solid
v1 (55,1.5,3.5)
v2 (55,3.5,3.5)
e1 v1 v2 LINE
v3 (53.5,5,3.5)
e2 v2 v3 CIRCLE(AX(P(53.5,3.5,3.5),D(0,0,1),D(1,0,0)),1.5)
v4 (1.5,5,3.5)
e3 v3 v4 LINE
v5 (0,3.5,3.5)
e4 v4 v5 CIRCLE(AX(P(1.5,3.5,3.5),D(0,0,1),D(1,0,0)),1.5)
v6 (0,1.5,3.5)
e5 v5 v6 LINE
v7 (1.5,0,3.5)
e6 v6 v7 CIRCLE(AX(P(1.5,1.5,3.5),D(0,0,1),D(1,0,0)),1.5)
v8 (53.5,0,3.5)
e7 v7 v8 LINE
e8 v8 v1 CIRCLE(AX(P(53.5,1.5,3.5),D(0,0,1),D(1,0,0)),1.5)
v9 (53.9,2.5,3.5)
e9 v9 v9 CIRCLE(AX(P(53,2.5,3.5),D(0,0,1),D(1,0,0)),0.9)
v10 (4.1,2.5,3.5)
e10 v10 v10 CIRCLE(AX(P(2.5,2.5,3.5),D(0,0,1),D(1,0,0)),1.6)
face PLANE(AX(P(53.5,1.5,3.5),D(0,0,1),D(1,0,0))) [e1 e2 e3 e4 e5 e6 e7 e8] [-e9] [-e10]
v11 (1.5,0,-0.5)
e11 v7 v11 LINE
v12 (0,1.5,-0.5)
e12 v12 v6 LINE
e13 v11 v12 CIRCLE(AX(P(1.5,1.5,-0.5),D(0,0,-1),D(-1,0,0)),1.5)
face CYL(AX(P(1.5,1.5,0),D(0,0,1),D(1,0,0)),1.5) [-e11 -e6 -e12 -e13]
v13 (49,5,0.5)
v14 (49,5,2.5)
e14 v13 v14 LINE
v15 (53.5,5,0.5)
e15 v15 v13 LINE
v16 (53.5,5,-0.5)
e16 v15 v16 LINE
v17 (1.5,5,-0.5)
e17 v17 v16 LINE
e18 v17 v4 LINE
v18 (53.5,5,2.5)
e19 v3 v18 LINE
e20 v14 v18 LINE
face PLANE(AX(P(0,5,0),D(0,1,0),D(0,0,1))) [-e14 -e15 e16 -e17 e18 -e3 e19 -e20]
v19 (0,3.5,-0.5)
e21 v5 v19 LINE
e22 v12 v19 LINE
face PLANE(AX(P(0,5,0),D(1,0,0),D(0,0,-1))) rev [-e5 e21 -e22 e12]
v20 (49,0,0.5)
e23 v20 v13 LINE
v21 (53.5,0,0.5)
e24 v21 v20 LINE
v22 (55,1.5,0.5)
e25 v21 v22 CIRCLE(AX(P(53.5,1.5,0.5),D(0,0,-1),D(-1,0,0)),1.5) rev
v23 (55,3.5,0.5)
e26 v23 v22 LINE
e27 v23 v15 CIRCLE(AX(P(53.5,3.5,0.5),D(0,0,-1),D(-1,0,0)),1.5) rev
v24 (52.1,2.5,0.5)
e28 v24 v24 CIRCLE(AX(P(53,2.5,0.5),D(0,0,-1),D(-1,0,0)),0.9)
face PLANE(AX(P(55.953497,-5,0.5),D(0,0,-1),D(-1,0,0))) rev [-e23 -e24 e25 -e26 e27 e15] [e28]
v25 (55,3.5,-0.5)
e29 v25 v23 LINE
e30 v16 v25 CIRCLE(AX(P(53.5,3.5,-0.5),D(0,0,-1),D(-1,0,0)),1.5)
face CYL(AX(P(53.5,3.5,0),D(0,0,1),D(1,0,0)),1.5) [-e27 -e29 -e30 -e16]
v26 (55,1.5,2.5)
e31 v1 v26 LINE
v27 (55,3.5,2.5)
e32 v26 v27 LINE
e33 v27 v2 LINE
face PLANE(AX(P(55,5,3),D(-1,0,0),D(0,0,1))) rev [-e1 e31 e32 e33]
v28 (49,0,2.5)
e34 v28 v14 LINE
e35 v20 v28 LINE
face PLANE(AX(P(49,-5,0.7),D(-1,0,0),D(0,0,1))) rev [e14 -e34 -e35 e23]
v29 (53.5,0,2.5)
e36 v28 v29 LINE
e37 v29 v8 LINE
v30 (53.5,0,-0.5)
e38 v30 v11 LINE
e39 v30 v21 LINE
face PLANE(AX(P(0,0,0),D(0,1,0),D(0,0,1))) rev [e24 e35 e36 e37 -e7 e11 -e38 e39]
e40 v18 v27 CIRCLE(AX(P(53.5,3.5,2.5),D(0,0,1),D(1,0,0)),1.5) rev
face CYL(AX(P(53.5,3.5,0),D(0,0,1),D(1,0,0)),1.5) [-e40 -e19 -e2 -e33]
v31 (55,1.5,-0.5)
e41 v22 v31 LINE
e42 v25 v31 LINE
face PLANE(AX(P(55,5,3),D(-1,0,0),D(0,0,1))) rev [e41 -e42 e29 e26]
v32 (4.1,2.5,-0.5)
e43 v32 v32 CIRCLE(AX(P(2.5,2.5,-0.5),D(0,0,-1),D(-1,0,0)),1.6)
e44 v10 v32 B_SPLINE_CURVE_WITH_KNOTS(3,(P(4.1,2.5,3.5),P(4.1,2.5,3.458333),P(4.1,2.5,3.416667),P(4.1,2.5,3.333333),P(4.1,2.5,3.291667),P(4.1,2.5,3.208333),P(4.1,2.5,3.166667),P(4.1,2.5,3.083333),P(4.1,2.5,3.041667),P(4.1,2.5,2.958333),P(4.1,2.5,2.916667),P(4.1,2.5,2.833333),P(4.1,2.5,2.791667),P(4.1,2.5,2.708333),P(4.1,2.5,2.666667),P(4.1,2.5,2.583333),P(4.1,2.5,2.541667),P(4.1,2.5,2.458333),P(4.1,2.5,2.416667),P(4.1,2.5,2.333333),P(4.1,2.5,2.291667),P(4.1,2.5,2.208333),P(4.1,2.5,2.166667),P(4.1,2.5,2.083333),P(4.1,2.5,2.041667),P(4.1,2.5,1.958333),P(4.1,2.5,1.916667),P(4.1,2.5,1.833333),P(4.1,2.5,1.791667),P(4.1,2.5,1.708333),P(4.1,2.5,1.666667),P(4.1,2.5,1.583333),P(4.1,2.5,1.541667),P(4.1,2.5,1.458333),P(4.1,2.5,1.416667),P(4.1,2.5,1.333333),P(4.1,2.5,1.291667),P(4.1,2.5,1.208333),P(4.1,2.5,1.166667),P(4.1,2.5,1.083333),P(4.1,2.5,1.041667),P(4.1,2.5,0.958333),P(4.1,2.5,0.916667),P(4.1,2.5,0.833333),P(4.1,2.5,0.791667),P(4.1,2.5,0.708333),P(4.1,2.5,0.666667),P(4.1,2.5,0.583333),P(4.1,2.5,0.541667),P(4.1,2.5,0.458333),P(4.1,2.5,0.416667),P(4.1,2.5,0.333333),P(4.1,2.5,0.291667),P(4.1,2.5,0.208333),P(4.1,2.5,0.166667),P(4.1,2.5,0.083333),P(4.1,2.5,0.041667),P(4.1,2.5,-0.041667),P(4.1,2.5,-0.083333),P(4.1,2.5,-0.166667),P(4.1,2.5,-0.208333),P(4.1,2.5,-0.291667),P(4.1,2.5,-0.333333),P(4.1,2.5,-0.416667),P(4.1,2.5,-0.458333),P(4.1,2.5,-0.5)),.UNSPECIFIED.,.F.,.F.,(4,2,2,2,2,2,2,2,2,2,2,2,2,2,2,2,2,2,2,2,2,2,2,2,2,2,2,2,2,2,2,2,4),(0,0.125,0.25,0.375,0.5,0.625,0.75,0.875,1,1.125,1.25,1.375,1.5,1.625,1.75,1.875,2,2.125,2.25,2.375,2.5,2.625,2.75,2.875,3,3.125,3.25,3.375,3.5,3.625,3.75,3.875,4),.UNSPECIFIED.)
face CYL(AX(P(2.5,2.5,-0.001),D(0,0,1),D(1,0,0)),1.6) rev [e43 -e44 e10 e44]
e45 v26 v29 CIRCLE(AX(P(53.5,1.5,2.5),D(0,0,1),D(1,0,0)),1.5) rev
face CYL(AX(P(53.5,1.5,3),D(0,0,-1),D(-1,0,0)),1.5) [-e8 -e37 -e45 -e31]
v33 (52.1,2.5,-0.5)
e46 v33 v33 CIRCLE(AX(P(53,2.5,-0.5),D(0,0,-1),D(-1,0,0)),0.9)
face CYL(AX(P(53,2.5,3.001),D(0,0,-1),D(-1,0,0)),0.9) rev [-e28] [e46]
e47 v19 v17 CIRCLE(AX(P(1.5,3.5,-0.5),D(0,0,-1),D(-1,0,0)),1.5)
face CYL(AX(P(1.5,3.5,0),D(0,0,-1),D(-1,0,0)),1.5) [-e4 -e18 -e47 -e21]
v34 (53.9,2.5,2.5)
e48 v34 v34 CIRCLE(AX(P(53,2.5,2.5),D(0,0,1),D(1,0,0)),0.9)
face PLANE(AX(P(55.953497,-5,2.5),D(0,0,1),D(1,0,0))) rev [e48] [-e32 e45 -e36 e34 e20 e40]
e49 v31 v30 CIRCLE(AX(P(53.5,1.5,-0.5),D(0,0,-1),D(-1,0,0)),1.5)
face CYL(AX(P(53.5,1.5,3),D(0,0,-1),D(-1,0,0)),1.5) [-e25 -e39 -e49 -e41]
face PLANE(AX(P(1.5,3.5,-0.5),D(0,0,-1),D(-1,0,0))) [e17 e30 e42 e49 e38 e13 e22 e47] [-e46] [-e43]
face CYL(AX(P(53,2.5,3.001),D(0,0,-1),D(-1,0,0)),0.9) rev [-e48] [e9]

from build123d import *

# Parameters (mm, degrees)
SKETCH_5_W          = 55
SKETCH_5_H          = 3
EXTRUDE_1_DEPTH     = 5
CUT_EXTRUDE_1_REACH = 57.308
SKETCH_6_R          = 1.6
CUT_EXTRUDE_2_REACH = 57.308
SKETCH_7_R          = 0.9
FILLET_1_R          = 1.5
SKETCH_8_W          = 6
SKETCH_8_H          = 1.6
CUT_EXTRUDE_3_DEPTH = 10
SKETCH_10_R         = 1.6
SKETCH_10_R_2       = 0.9
EXTRUDE_2_DEPTH     = 0.5
EXTRUDE_START       = 0.5
SKETCH_11_R         = 0.9
SKETCH_11_R_2       = 1.6
EXTRUDE_3_DEPTH     = 0.5
SKETCH_12_W         = 6.953496512
SKETCH_12_H         = 2
CUT_EXTRUDE_4_DEPTH = 10


with BuildPart() as part:
    # 草图5 → 凸台-拉伸1 (new body)
    with BuildSketch(Plane(origin=(0, 0, 0), x_dir=(1, 0, 0), z_dir=(0, 1, 0))):
        with Locations((27.5, -1.5)):
            Rectangle(SKETCH_5_W, SKETCH_5_H)
    extrude(amount=EXTRUDE_1_DEPTH)

    # 草图6 → 切除-拉伸1 (cut, up to next)
    with BuildSketch(Plane.XY.offset(3), mode=Mode.PRIVATE) as cut_extrude_1_sk1:
        with Locations((2.5, 2.5)):
            Circle(SKETCH_6_R)
    cut_extrude_1_tool1 = extrude(cut_extrude_1_sk1.sketch, amount=-CUT_EXTRUDE_1_REACH, mode=Mode.PRIVATE) & part.part
    add(cut_extrude_1_tool1.solids().sort_by_distance((2.5, 2.5, 3))[0], mode=Mode.SUBTRACT)

    # 草图7 → 切除-拉伸2 (cut, up to next)
    with BuildSketch(Plane.XY, mode=Mode.PRIVATE) as cut_extrude_2_sk1:
        with Locations(Location((53, 2.5, 0), (0, 0, 180))):
            Circle(SKETCH_7_R)
    cut_extrude_2_tool1 = extrude(cut_extrude_2_sk1.sketch, amount=CUT_EXTRUDE_2_REACH, mode=Mode.PRIVATE) & part.part
    add(cut_extrude_2_tool1.solids().sort_by_distance((53, 2.5, 0))[0], mode=Mode.SUBTRACT)

    # 圆角1
    fillet_1_edges = [part.edges().sort_by_distance(p)[0] for p in [
        (55, 5, 1.5),
        (55, 0, 1.5),
        (0, 0, 1.5),
        (0, 5, 1.5),
    ]]
    fillet(fillet_1_edges, radius=FILLET_1_R)

    # 草图8 → 切除-拉伸3 (cut)
    with BuildSketch(Plane(origin=(0, 5, 0), x_dir=(1, 0, 0), z_dir=(0, 1, 0))):
        with Locations((52, -1.5)):
            Rectangle(SKETCH_8_W, SKETCH_8_H)
    extrude(amount=-CUT_EXTRUDE_3_DEPTH, mode=Mode.SUBTRACT)

    # 草图10 → 凸台-拉伸2 (add)
    with BuildSketch(Plane.XY.offset(3)):
        with BuildLine():
            Line((0, 3.5), (0, 1.5))
            ThreePointArc((0, 1.5), (0.439339828, 0.439339828), (1.5, 0))
            Line((1.5, 0), (53.5, 0))
            ThreePointArc((53.5, 0), (54.560660172, 0.439339828), (55, 1.5))
            Line((55, 1.5), (55, 3.5))
            ThreePointArc((55, 3.5), (54.560660172, 4.560660172), (53.5, 5))
            Line((53.5, 5), (1.5, 5))
            ThreePointArc((1.5, 5), (0.439339828, 4.560660172), (0, 3.5))
        make_face()
        with Locations((2.5, 2.5)):
            Circle(SKETCH_10_R, mode=Mode.SUBTRACT)
        with Locations((53, 2.5)):
            Circle(SKETCH_10_R_2, mode=Mode.SUBTRACT)
    extrude(amount=EXTRUDE_2_DEPTH)

    # 草图11 → 凸台-拉伸3 (add)
    with BuildSketch(Plane(origin=(0, 0, 0), x_dir=(-1, 0, 0), z_dir=(0, 0, -1)).offset(EXTRUDE_START)):
        with BuildLine():
            Line((-1.5, 5), (-53.5, 5))
            ThreePointArc((-53.5, 5), (-54.560660172, 4.560660172), (-55, 3.5))
            Line((-55, 3.5), (-55, 1.5))
            ThreePointArc((-55, 1.5), (-54.560660172, 0.439339828), (-53.5, 0))
            Line((-53.5, 0), (-1.5, 0))
            ThreePointArc((-1.5, 0), (-0.439339828, 0.439339828), (0, 1.5))
            Line((0, 1.5), (0, 3.5))
            ThreePointArc((0, 3.5), (-0.439339828, 4.560660172), (-1.5, 5))
        make_face()
        with Locations(Location((-53, 2.5, 0), (0, 0, 180))):
            Circle(SKETCH_11_R, mode=Mode.SUBTRACT)
        with Locations(Location((-2.5, 2.5, 0), (0, 0, 180))):
            Circle(SKETCH_11_R_2, mode=Mode.SUBTRACT)
    extrude(amount=-EXTRUDE_3_DEPTH)

    # 草图12 → 切除-拉伸4 (cut)
    with BuildSketch(Plane(origin=(0, 5, 0), x_dir=(1, 0, 0), z_dir=(0, 1, 0))):
        with Locations((52.476748256, -1.5)):
            Rectangle(SKETCH_12_W, SKETCH_12_H)
    extrude(amount=-CUT_EXTRUDE_4_DEPTH, mode=Mode.SUBTRACT)


solid = part.part
